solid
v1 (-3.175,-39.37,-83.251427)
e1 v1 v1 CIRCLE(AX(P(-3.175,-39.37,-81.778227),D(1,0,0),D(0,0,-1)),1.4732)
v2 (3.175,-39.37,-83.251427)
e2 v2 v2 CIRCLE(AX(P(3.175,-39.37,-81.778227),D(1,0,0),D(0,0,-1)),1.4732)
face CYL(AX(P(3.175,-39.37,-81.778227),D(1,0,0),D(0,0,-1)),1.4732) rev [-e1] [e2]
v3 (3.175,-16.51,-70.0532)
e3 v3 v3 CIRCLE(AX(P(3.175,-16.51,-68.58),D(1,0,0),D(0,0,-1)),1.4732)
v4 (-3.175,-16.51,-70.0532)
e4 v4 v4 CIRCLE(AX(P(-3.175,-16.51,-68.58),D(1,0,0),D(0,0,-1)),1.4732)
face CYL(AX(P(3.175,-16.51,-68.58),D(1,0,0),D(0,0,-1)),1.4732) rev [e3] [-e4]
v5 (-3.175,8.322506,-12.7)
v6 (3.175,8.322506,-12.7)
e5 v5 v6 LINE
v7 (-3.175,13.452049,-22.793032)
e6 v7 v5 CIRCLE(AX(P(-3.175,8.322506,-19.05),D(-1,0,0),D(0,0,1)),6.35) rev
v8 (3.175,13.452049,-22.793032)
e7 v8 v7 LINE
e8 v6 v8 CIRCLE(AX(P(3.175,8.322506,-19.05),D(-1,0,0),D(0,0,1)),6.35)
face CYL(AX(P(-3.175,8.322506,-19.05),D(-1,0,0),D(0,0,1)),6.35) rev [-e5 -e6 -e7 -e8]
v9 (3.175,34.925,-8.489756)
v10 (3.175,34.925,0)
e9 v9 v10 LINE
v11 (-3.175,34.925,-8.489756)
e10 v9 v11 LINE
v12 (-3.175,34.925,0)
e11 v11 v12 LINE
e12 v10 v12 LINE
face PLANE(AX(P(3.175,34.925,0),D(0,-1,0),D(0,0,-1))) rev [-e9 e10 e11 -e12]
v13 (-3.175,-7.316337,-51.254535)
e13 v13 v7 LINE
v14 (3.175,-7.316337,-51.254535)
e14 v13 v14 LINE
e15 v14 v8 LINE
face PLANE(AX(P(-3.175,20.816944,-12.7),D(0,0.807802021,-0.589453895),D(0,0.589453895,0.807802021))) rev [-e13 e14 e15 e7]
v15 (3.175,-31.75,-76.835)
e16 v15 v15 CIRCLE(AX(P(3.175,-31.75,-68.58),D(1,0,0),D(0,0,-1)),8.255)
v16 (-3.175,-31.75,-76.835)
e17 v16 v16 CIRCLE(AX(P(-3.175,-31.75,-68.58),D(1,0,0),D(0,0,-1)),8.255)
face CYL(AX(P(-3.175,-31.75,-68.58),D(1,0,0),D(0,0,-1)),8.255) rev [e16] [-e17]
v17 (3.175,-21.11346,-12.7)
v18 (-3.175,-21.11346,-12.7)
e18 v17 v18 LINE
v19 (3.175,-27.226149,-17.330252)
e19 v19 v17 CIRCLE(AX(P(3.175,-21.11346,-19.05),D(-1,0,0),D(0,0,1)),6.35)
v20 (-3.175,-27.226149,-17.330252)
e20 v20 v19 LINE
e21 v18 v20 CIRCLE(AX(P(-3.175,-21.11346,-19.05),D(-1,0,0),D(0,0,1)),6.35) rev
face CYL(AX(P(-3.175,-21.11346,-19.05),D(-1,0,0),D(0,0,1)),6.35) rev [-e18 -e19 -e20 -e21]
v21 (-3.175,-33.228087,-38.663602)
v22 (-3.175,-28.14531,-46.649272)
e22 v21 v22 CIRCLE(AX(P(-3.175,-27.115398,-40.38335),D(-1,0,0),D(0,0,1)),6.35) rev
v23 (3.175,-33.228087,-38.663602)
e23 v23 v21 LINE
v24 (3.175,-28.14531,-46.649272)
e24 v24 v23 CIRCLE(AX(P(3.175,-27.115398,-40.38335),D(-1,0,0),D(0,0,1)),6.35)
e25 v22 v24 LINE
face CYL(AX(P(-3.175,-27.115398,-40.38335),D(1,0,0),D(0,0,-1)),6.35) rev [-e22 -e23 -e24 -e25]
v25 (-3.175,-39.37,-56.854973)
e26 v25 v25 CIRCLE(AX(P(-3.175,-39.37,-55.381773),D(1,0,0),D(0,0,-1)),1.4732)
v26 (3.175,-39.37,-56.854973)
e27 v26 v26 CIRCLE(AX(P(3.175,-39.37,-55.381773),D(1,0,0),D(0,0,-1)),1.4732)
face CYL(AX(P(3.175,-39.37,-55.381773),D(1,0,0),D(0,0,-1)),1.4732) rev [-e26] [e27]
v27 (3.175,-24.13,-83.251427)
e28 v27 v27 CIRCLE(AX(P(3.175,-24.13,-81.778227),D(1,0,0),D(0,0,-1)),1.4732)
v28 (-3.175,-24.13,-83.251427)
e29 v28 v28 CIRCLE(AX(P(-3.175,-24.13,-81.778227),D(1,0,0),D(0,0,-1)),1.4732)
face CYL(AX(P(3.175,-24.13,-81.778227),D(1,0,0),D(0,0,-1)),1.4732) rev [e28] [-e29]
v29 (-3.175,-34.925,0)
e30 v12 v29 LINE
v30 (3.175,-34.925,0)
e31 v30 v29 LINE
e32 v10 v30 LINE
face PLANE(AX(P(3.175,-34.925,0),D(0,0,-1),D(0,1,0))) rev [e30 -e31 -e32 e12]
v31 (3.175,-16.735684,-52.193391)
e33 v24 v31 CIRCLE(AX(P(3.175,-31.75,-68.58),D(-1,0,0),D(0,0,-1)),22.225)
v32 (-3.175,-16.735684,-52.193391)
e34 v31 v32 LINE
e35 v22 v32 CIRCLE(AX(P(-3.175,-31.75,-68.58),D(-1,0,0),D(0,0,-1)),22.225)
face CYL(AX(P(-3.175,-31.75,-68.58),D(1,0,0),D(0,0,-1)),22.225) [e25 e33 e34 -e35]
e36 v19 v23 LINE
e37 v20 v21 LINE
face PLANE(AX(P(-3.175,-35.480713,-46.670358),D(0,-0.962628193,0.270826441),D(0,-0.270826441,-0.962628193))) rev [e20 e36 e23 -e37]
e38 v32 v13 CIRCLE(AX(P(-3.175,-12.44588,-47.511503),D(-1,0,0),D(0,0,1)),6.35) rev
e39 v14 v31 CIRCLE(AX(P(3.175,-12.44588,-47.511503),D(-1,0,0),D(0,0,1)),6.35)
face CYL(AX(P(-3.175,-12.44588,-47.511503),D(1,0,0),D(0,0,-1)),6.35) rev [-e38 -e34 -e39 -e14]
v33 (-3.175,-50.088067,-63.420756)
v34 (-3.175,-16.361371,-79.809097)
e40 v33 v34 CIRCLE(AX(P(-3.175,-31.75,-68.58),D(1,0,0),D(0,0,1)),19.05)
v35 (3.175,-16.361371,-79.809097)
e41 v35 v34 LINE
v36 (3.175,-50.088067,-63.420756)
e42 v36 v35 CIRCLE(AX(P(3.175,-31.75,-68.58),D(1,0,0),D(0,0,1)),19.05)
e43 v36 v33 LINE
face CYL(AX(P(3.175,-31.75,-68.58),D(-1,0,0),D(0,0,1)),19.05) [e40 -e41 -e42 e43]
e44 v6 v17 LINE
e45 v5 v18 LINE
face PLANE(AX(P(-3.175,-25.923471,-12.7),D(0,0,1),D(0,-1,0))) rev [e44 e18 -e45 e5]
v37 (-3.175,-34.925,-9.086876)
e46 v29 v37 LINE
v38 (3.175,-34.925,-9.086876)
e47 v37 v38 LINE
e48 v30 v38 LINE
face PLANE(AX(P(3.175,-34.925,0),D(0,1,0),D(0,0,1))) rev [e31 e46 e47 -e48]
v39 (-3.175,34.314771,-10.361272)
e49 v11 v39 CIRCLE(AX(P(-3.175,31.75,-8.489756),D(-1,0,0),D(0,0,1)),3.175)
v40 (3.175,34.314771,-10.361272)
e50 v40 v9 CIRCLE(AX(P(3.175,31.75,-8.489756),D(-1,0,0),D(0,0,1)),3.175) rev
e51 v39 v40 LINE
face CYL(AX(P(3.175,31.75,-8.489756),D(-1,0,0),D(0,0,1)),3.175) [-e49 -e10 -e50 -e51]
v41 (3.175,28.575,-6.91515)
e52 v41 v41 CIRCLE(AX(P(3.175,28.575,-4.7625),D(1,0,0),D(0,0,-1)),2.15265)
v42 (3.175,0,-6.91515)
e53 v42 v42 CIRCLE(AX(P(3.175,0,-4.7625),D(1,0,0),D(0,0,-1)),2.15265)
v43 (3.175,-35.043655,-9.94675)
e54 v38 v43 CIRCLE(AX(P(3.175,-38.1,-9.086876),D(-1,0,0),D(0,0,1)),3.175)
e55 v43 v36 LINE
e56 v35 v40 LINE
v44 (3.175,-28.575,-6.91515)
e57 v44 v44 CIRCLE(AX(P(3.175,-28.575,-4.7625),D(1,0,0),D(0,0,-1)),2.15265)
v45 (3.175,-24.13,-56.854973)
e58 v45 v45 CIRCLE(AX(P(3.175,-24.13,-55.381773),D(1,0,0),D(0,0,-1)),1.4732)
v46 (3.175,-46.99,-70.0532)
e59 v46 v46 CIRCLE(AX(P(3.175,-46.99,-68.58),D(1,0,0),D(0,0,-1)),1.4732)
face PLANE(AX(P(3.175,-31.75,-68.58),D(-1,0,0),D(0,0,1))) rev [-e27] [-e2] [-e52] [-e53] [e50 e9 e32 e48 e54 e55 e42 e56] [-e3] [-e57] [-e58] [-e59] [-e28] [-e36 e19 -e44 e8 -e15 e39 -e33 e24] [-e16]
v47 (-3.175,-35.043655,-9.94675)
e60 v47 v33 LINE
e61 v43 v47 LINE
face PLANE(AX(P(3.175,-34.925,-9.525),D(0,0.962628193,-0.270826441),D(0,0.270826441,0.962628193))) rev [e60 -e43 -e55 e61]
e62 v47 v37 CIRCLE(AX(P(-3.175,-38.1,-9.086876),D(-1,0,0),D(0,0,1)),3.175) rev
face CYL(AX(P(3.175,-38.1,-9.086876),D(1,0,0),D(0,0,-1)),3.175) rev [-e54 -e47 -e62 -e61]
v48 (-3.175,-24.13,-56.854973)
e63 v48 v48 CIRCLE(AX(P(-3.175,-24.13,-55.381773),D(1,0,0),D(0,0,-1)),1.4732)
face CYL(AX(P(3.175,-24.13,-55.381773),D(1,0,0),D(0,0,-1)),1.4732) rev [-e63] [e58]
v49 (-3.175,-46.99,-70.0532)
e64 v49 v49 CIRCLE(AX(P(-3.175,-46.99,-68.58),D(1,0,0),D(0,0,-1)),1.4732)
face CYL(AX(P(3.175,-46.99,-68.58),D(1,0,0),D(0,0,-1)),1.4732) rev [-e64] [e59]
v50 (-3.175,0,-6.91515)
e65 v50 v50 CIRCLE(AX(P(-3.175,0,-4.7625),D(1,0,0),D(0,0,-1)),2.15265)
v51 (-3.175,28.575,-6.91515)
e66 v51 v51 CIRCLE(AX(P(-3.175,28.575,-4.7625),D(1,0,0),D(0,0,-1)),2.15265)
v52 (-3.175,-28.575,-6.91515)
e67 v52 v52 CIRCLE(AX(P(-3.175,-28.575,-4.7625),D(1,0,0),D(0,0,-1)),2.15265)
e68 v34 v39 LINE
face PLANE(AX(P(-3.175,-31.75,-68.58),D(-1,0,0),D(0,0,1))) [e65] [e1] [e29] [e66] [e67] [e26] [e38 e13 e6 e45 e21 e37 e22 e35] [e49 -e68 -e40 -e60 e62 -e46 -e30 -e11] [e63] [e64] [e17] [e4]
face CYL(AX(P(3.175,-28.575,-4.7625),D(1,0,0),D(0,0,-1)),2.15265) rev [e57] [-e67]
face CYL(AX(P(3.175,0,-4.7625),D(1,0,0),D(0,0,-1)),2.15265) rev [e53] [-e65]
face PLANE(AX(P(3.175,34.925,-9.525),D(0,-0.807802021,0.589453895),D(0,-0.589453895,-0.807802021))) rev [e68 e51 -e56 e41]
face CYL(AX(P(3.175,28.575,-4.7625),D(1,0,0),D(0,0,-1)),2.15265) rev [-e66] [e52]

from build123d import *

# Parameters (mm, degrees)
BOSS_EXTRUDE1_DEPTH   = 3.175
SKETCH2_R             = 8.255
CUT_EXTRUDE1_DEPTH    = 102.488814162
F_8_CLEARANCE_HOLE1_D = 4.3053
CIRPATTERN1_COUNT     = 6
FILLET1_R             = 3.175
CUT_EXTRUDE2_DEPTH    = 102.488814162
FILLET2_R             = 6.35


with BuildPart() as part:
    # Sketch1 → Boss-Extrude1 (new, symmetric)
    with BuildSketch(Plane(origin=(0, 0, 0), x_dir=(0, 0, -1), z_dir=(1, 0, 0))):
        with BuildLine():
            Line((0, -34.925), (0, 34.925))
            Line((0, 34.925), (9.525, 34.925))
            Line((9.525, 34.925), (79.8090967, -16.361371494))
            ThreePointArc((79.8090967, -16.361371494), (85.714272022, -40.075816614), (63.420756295, -50.088067084))
            Line((63.420756295, -50.088067084), (9.525, -34.925))
            Line((9.525, -34.925), (0, -34.925))
        make_face()
    extrude(amount=BOSS_EXTRUDE1_DEPTH, both=True)

    # Sketch2 → Cut-Extrude1 (cut, through all)
    with BuildSketch(Plane(origin=(3.175, 0, 0), x_dir=(0, 0, -1), z_dir=(1, 0, 0))):
        with Locations((68.58, -31.75)):
            Circle(SKETCH2_R)
    extrude(amount=-CUT_EXTRUDE1_DEPTH, mode=Mode.SUBTRACT)

    # #8 Clearance Hole1 (through all)
    with Locations(Plane(origin=(3.175, 0, 0), x_dir=(0, 0, -1), z_dir=(1, 0, 0))):
        with Locations((4.7625, 0), (4.7625, 28.575), (4.7625, -28.575)):
            Hole(F_8_CLEARANCE_HOLE1_D / 2)

    # Sketch6 → #4 Clearance Hole1 (revolve, cut)
    with BuildSketch(Plane(origin=(3.175, -16.51, -68.58), x_dir=(0, 0, -1), z_dir=(0, 1, 0))):
        Polygon((0, 0), (0, 7.235187864), (1.4732, 6.35), (1.4732, 0), align=None)
    f_4_clearance_hole1 = revolve(axis=Axis((9.525, -16.51, -68.58), (-1, 0, 0)), mode=Mode.SUBTRACT)

    # CirPattern1: #4 Clearance Hole1 ×6 about axis
    cirpattern1_axis = Axis((0, -31.75, -68.58), (1, 0, 0))
    for i in range(1, CIRPATTERN1_COUNT):
        add(f_4_clearance_hole1.rotate(cirpattern1_axis, i * 360 / CIRPATTERN1_COUNT), mode=Mode.SUBTRACT)

    # Fillet1
    fillet1_edges = [part.edges().sort_by_distance(p)[0] for p in [
        (0, 34.925, -9.525),
        (0, -34.925, -9.525),
    ]]
    fillet(fillet1_edges, radius=FILLET1_R)

    # Sketch8 → Cut-Extrude2 (cut, through all)
    with BuildSketch(Plane(origin=(3.175, 0, 0), x_dir=(0, 0, -1), z_dir=(1, 0, 0))):
        with BuildLine():
            Line((12.7, -25.923470533), (12.7, 20.816944046))
            Line((12.7, 20.816944046), (57.973509635, -12.219178534))
            ThreePointArc((57.973509635, -12.219178534), (48.590015975, -22.036547283), (46.67035819, -35.480713171))
            Line((46.67035819, -35.480713171), (12.7, -25.923470533))
        make_face()
    extrude(amount=-CUT_EXTRUDE2_DEPTH, mode=Mode.SUBTRACT)

    # Fillet2
    fillet2_edges = [part.edges().sort_by_distance(p)[0] for p in [
        (0, -35.480713171, -46.67035819),
        (0, -25.923470533, -12.7),
        (0, 20.816944046, -12.7),
        (0, -12.219178534, -57.973509635),
    ]]
    fillet(fillet2_edges, radius=FILLET2_R)


solid = part.part
